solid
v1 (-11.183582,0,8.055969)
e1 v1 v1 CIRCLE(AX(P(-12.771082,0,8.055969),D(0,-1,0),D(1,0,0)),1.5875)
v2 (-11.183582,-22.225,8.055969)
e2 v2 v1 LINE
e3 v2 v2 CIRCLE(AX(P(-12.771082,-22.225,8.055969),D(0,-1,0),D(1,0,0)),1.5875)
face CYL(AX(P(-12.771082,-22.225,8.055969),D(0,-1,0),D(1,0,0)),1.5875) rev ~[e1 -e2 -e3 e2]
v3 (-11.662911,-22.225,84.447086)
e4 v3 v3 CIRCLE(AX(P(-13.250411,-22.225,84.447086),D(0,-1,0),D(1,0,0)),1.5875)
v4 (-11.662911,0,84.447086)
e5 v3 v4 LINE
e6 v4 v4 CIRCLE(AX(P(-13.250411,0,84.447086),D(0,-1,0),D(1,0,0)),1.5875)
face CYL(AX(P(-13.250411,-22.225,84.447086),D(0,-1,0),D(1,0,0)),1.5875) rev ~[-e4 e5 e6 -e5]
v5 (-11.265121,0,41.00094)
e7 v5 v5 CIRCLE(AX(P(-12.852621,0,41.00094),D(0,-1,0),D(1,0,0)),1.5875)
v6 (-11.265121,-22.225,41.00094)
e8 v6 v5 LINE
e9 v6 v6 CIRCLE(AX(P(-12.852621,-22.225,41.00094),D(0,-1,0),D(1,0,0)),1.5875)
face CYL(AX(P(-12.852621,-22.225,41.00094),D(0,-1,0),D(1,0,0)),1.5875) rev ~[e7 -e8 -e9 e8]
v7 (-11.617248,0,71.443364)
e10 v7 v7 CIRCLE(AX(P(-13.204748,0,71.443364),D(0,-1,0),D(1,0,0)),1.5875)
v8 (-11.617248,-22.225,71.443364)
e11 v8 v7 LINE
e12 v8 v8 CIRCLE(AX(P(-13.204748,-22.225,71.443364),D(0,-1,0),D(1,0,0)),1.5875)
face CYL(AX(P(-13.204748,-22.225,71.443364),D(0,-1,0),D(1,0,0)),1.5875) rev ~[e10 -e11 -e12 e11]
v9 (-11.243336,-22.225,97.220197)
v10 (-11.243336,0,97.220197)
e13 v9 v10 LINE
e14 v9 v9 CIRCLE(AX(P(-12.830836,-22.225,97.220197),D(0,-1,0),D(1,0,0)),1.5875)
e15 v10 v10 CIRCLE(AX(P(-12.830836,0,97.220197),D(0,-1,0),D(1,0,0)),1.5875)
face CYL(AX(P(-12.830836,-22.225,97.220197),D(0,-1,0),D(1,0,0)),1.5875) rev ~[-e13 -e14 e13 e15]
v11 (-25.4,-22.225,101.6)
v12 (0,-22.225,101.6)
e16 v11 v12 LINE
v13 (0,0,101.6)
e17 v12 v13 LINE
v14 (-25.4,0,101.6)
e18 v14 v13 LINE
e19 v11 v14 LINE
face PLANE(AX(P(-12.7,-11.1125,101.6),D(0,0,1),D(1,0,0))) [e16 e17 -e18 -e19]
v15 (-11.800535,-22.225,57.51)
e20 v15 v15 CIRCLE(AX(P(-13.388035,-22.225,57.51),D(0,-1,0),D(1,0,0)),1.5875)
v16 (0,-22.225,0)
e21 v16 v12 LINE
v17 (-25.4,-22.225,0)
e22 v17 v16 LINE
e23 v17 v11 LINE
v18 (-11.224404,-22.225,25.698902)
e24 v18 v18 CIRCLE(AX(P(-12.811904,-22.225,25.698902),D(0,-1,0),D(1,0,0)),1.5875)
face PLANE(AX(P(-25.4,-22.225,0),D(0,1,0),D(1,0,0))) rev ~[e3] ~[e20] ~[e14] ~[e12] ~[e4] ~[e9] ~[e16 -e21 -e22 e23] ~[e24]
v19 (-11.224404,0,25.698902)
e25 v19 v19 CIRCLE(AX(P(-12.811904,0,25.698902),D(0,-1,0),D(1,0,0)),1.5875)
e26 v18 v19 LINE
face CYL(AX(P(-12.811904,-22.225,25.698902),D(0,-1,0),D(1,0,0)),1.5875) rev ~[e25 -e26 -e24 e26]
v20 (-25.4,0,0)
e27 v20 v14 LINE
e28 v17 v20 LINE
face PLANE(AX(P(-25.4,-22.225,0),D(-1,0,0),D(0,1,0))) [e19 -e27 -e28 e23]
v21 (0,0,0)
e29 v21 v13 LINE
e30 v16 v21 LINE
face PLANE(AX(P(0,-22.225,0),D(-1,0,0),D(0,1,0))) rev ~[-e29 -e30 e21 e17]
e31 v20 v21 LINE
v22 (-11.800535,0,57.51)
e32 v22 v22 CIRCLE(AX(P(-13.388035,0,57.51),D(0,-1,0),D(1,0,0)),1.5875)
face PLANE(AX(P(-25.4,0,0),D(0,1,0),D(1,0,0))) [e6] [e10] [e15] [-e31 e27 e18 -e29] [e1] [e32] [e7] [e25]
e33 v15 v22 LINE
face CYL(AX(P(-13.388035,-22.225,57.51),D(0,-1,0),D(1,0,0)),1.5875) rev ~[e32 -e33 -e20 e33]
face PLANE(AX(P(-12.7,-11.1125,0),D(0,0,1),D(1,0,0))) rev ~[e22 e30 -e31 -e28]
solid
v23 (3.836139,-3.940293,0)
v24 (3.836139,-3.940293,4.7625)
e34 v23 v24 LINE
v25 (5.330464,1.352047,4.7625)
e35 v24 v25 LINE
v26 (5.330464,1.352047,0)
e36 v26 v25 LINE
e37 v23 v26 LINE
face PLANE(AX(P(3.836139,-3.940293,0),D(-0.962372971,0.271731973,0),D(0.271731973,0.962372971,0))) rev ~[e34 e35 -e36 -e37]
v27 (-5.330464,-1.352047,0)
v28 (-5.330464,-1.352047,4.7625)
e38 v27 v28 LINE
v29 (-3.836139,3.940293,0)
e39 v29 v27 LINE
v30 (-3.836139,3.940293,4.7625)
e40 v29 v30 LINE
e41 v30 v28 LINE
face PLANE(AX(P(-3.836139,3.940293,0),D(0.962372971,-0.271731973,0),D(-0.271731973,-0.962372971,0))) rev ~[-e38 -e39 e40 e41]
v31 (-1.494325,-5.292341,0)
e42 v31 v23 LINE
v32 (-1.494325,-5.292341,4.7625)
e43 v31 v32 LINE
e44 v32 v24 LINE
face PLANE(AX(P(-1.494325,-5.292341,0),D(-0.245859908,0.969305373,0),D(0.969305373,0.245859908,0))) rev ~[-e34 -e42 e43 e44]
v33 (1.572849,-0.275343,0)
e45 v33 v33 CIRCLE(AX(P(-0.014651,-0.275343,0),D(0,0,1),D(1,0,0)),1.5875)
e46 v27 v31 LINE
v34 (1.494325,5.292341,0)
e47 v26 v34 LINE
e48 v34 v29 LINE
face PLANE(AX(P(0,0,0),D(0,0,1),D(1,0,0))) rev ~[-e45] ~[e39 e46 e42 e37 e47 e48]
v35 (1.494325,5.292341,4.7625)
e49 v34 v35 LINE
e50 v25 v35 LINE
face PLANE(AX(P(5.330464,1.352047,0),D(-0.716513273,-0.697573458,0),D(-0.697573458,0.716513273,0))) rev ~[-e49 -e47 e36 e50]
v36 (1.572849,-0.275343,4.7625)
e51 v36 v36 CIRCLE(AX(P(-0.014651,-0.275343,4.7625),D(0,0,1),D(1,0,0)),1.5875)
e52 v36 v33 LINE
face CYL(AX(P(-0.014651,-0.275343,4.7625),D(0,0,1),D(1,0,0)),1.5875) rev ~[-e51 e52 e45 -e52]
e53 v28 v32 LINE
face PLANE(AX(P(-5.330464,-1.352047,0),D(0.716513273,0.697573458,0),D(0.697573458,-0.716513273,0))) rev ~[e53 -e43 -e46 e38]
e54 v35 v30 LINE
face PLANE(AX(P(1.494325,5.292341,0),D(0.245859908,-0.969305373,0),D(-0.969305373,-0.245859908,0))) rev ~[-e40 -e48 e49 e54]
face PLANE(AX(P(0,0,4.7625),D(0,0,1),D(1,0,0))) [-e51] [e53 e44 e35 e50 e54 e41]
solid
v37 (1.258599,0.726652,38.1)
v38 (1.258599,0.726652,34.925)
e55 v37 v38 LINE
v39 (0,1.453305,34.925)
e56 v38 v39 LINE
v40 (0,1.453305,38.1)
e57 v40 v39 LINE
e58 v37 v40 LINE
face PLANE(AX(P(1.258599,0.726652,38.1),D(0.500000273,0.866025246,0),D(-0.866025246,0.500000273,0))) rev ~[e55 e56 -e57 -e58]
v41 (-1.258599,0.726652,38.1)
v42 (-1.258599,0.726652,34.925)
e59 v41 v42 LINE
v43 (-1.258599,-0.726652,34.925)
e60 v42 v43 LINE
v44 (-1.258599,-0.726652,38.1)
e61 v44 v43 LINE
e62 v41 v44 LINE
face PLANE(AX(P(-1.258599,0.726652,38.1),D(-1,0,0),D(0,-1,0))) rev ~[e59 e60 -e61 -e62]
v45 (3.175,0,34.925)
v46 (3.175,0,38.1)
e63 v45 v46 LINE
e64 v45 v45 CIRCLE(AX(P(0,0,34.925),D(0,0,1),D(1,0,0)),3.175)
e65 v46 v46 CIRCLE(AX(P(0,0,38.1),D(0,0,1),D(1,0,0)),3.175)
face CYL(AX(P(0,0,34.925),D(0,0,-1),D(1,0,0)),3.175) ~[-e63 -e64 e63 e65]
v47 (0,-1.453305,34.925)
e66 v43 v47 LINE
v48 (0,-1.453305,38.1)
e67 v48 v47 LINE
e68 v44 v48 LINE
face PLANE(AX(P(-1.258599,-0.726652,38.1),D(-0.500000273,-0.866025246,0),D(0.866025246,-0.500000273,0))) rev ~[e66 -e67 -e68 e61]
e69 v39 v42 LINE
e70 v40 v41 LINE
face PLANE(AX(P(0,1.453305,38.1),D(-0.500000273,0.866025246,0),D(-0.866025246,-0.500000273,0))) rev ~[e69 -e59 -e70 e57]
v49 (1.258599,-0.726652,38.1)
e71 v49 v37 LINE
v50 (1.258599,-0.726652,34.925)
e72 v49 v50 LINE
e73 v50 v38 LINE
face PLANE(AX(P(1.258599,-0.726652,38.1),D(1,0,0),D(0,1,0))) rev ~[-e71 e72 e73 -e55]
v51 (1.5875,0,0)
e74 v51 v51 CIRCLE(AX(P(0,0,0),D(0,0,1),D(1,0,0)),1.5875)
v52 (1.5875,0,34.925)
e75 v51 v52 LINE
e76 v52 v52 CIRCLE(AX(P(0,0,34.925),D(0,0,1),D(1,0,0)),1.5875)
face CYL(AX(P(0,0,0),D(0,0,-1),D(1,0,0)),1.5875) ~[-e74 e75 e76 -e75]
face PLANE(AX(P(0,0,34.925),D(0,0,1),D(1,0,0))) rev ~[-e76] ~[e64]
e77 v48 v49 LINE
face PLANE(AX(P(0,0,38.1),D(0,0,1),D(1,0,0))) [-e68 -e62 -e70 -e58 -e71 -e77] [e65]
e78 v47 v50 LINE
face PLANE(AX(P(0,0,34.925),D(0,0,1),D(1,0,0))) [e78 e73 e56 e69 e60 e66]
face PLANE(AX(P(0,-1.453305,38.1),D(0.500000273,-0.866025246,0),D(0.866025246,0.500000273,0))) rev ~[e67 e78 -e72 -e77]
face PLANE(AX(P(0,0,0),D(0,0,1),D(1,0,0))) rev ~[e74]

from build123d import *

# Parameters (mm, degrees)
F1_DEPTH  = 4.7625
F2_R      = 1.5875
F3_DEPTH  = 25.4
F4_R      = 1.5875
F5_DEPTH  = 34.925
F6_R      = 3.175
F7_DEPTH  = 3.175
F9_DEPTH  = 3.175
F10_W     = 25.4
F10_H     = 22.225
F11_DEPTH = 101.6
F12_R     = 1.5875
F13_DEPTH = 25.4


with BuildPart() as f1:
    # F0 (on Top) → F1 (new body)
    with BuildSketch(Plane.XY):
        Polygon((-5.330464, -1.352047), (-1.494325, -5.292341), (3.836139, -3.940293), (5.330464, 1.352047), (1.494325, 5.292341), (-3.836139, 3.940293), align=None)
    extrude(amount=F1_DEPTH)

    # F2 (on face) → F3 (cut)
    with BuildSketch(Plane.XY.offset(4.7625)):
        with Locations((-0.014651, -0.275343)):
            Circle(F2_R)
    extrude(amount=-F3_DEPTH, mode=Mode.SUBTRACT)


with BuildPart() as f5:
    # F4 (on Top) → F5 (new body)
    with BuildSketch(Plane.XY):
        Circle(F4_R)
    extrude(amount=F5_DEPTH)

    # F6 (on face) → F7 (join)
    with BuildSketch(Plane.XY.offset(34.925)):
        Circle(F6_R)
    extrude(amount=F7_DEPTH)

    # F8 (on face) → F9 (cut)
    with BuildSketch(Plane.XY.offset(38.1)):
        Polygon((1.258599, -0.726652), (1.258599, 0.726652), (0, 1.453305), (-1.258599, 0.726652), (-1.258599, -0.726652), (0, -1.453305), align=None)
    extrude(amount=-F9_DEPTH, mode=Mode.SUBTRACT)


with BuildPart() as f11:
    # F10 (on Top) → F11 (new body)
    with BuildSketch(Plane.XY):
        with Locations((-12.7, -11.1125)):
            Rectangle(F10_W, F10_H)
    extrude(amount=F11_DEPTH)

    # F12 (on face) → F13 (cut)
    with BuildSketch(Plane.XZ.offset(22.225)):
        with Locations((-12.771082, 8.055969)):
            Circle(F12_R)
        with Locations((-12.811904, 25.698902)):
            Circle(F12_R)
        with Locations((-12.852621, 41.00094)):
            Circle(F12_R)
        with Locations((-13.388035, 57.51)):
            Circle(F12_R)
        with Locations((-13.204748, 71.443364)):
            Circle(F12_R)
        with Locations((-13.250411, 84.447086)):
            Circle(F12_R)
        with Locations((-12.830836, 97.220197)):
            Circle(F12_R)
    extrude(amount=-F13_DEPTH, mode=Mode.SUBTRACT)


solid = Compound([f1.part, f5.part, f11.part])
